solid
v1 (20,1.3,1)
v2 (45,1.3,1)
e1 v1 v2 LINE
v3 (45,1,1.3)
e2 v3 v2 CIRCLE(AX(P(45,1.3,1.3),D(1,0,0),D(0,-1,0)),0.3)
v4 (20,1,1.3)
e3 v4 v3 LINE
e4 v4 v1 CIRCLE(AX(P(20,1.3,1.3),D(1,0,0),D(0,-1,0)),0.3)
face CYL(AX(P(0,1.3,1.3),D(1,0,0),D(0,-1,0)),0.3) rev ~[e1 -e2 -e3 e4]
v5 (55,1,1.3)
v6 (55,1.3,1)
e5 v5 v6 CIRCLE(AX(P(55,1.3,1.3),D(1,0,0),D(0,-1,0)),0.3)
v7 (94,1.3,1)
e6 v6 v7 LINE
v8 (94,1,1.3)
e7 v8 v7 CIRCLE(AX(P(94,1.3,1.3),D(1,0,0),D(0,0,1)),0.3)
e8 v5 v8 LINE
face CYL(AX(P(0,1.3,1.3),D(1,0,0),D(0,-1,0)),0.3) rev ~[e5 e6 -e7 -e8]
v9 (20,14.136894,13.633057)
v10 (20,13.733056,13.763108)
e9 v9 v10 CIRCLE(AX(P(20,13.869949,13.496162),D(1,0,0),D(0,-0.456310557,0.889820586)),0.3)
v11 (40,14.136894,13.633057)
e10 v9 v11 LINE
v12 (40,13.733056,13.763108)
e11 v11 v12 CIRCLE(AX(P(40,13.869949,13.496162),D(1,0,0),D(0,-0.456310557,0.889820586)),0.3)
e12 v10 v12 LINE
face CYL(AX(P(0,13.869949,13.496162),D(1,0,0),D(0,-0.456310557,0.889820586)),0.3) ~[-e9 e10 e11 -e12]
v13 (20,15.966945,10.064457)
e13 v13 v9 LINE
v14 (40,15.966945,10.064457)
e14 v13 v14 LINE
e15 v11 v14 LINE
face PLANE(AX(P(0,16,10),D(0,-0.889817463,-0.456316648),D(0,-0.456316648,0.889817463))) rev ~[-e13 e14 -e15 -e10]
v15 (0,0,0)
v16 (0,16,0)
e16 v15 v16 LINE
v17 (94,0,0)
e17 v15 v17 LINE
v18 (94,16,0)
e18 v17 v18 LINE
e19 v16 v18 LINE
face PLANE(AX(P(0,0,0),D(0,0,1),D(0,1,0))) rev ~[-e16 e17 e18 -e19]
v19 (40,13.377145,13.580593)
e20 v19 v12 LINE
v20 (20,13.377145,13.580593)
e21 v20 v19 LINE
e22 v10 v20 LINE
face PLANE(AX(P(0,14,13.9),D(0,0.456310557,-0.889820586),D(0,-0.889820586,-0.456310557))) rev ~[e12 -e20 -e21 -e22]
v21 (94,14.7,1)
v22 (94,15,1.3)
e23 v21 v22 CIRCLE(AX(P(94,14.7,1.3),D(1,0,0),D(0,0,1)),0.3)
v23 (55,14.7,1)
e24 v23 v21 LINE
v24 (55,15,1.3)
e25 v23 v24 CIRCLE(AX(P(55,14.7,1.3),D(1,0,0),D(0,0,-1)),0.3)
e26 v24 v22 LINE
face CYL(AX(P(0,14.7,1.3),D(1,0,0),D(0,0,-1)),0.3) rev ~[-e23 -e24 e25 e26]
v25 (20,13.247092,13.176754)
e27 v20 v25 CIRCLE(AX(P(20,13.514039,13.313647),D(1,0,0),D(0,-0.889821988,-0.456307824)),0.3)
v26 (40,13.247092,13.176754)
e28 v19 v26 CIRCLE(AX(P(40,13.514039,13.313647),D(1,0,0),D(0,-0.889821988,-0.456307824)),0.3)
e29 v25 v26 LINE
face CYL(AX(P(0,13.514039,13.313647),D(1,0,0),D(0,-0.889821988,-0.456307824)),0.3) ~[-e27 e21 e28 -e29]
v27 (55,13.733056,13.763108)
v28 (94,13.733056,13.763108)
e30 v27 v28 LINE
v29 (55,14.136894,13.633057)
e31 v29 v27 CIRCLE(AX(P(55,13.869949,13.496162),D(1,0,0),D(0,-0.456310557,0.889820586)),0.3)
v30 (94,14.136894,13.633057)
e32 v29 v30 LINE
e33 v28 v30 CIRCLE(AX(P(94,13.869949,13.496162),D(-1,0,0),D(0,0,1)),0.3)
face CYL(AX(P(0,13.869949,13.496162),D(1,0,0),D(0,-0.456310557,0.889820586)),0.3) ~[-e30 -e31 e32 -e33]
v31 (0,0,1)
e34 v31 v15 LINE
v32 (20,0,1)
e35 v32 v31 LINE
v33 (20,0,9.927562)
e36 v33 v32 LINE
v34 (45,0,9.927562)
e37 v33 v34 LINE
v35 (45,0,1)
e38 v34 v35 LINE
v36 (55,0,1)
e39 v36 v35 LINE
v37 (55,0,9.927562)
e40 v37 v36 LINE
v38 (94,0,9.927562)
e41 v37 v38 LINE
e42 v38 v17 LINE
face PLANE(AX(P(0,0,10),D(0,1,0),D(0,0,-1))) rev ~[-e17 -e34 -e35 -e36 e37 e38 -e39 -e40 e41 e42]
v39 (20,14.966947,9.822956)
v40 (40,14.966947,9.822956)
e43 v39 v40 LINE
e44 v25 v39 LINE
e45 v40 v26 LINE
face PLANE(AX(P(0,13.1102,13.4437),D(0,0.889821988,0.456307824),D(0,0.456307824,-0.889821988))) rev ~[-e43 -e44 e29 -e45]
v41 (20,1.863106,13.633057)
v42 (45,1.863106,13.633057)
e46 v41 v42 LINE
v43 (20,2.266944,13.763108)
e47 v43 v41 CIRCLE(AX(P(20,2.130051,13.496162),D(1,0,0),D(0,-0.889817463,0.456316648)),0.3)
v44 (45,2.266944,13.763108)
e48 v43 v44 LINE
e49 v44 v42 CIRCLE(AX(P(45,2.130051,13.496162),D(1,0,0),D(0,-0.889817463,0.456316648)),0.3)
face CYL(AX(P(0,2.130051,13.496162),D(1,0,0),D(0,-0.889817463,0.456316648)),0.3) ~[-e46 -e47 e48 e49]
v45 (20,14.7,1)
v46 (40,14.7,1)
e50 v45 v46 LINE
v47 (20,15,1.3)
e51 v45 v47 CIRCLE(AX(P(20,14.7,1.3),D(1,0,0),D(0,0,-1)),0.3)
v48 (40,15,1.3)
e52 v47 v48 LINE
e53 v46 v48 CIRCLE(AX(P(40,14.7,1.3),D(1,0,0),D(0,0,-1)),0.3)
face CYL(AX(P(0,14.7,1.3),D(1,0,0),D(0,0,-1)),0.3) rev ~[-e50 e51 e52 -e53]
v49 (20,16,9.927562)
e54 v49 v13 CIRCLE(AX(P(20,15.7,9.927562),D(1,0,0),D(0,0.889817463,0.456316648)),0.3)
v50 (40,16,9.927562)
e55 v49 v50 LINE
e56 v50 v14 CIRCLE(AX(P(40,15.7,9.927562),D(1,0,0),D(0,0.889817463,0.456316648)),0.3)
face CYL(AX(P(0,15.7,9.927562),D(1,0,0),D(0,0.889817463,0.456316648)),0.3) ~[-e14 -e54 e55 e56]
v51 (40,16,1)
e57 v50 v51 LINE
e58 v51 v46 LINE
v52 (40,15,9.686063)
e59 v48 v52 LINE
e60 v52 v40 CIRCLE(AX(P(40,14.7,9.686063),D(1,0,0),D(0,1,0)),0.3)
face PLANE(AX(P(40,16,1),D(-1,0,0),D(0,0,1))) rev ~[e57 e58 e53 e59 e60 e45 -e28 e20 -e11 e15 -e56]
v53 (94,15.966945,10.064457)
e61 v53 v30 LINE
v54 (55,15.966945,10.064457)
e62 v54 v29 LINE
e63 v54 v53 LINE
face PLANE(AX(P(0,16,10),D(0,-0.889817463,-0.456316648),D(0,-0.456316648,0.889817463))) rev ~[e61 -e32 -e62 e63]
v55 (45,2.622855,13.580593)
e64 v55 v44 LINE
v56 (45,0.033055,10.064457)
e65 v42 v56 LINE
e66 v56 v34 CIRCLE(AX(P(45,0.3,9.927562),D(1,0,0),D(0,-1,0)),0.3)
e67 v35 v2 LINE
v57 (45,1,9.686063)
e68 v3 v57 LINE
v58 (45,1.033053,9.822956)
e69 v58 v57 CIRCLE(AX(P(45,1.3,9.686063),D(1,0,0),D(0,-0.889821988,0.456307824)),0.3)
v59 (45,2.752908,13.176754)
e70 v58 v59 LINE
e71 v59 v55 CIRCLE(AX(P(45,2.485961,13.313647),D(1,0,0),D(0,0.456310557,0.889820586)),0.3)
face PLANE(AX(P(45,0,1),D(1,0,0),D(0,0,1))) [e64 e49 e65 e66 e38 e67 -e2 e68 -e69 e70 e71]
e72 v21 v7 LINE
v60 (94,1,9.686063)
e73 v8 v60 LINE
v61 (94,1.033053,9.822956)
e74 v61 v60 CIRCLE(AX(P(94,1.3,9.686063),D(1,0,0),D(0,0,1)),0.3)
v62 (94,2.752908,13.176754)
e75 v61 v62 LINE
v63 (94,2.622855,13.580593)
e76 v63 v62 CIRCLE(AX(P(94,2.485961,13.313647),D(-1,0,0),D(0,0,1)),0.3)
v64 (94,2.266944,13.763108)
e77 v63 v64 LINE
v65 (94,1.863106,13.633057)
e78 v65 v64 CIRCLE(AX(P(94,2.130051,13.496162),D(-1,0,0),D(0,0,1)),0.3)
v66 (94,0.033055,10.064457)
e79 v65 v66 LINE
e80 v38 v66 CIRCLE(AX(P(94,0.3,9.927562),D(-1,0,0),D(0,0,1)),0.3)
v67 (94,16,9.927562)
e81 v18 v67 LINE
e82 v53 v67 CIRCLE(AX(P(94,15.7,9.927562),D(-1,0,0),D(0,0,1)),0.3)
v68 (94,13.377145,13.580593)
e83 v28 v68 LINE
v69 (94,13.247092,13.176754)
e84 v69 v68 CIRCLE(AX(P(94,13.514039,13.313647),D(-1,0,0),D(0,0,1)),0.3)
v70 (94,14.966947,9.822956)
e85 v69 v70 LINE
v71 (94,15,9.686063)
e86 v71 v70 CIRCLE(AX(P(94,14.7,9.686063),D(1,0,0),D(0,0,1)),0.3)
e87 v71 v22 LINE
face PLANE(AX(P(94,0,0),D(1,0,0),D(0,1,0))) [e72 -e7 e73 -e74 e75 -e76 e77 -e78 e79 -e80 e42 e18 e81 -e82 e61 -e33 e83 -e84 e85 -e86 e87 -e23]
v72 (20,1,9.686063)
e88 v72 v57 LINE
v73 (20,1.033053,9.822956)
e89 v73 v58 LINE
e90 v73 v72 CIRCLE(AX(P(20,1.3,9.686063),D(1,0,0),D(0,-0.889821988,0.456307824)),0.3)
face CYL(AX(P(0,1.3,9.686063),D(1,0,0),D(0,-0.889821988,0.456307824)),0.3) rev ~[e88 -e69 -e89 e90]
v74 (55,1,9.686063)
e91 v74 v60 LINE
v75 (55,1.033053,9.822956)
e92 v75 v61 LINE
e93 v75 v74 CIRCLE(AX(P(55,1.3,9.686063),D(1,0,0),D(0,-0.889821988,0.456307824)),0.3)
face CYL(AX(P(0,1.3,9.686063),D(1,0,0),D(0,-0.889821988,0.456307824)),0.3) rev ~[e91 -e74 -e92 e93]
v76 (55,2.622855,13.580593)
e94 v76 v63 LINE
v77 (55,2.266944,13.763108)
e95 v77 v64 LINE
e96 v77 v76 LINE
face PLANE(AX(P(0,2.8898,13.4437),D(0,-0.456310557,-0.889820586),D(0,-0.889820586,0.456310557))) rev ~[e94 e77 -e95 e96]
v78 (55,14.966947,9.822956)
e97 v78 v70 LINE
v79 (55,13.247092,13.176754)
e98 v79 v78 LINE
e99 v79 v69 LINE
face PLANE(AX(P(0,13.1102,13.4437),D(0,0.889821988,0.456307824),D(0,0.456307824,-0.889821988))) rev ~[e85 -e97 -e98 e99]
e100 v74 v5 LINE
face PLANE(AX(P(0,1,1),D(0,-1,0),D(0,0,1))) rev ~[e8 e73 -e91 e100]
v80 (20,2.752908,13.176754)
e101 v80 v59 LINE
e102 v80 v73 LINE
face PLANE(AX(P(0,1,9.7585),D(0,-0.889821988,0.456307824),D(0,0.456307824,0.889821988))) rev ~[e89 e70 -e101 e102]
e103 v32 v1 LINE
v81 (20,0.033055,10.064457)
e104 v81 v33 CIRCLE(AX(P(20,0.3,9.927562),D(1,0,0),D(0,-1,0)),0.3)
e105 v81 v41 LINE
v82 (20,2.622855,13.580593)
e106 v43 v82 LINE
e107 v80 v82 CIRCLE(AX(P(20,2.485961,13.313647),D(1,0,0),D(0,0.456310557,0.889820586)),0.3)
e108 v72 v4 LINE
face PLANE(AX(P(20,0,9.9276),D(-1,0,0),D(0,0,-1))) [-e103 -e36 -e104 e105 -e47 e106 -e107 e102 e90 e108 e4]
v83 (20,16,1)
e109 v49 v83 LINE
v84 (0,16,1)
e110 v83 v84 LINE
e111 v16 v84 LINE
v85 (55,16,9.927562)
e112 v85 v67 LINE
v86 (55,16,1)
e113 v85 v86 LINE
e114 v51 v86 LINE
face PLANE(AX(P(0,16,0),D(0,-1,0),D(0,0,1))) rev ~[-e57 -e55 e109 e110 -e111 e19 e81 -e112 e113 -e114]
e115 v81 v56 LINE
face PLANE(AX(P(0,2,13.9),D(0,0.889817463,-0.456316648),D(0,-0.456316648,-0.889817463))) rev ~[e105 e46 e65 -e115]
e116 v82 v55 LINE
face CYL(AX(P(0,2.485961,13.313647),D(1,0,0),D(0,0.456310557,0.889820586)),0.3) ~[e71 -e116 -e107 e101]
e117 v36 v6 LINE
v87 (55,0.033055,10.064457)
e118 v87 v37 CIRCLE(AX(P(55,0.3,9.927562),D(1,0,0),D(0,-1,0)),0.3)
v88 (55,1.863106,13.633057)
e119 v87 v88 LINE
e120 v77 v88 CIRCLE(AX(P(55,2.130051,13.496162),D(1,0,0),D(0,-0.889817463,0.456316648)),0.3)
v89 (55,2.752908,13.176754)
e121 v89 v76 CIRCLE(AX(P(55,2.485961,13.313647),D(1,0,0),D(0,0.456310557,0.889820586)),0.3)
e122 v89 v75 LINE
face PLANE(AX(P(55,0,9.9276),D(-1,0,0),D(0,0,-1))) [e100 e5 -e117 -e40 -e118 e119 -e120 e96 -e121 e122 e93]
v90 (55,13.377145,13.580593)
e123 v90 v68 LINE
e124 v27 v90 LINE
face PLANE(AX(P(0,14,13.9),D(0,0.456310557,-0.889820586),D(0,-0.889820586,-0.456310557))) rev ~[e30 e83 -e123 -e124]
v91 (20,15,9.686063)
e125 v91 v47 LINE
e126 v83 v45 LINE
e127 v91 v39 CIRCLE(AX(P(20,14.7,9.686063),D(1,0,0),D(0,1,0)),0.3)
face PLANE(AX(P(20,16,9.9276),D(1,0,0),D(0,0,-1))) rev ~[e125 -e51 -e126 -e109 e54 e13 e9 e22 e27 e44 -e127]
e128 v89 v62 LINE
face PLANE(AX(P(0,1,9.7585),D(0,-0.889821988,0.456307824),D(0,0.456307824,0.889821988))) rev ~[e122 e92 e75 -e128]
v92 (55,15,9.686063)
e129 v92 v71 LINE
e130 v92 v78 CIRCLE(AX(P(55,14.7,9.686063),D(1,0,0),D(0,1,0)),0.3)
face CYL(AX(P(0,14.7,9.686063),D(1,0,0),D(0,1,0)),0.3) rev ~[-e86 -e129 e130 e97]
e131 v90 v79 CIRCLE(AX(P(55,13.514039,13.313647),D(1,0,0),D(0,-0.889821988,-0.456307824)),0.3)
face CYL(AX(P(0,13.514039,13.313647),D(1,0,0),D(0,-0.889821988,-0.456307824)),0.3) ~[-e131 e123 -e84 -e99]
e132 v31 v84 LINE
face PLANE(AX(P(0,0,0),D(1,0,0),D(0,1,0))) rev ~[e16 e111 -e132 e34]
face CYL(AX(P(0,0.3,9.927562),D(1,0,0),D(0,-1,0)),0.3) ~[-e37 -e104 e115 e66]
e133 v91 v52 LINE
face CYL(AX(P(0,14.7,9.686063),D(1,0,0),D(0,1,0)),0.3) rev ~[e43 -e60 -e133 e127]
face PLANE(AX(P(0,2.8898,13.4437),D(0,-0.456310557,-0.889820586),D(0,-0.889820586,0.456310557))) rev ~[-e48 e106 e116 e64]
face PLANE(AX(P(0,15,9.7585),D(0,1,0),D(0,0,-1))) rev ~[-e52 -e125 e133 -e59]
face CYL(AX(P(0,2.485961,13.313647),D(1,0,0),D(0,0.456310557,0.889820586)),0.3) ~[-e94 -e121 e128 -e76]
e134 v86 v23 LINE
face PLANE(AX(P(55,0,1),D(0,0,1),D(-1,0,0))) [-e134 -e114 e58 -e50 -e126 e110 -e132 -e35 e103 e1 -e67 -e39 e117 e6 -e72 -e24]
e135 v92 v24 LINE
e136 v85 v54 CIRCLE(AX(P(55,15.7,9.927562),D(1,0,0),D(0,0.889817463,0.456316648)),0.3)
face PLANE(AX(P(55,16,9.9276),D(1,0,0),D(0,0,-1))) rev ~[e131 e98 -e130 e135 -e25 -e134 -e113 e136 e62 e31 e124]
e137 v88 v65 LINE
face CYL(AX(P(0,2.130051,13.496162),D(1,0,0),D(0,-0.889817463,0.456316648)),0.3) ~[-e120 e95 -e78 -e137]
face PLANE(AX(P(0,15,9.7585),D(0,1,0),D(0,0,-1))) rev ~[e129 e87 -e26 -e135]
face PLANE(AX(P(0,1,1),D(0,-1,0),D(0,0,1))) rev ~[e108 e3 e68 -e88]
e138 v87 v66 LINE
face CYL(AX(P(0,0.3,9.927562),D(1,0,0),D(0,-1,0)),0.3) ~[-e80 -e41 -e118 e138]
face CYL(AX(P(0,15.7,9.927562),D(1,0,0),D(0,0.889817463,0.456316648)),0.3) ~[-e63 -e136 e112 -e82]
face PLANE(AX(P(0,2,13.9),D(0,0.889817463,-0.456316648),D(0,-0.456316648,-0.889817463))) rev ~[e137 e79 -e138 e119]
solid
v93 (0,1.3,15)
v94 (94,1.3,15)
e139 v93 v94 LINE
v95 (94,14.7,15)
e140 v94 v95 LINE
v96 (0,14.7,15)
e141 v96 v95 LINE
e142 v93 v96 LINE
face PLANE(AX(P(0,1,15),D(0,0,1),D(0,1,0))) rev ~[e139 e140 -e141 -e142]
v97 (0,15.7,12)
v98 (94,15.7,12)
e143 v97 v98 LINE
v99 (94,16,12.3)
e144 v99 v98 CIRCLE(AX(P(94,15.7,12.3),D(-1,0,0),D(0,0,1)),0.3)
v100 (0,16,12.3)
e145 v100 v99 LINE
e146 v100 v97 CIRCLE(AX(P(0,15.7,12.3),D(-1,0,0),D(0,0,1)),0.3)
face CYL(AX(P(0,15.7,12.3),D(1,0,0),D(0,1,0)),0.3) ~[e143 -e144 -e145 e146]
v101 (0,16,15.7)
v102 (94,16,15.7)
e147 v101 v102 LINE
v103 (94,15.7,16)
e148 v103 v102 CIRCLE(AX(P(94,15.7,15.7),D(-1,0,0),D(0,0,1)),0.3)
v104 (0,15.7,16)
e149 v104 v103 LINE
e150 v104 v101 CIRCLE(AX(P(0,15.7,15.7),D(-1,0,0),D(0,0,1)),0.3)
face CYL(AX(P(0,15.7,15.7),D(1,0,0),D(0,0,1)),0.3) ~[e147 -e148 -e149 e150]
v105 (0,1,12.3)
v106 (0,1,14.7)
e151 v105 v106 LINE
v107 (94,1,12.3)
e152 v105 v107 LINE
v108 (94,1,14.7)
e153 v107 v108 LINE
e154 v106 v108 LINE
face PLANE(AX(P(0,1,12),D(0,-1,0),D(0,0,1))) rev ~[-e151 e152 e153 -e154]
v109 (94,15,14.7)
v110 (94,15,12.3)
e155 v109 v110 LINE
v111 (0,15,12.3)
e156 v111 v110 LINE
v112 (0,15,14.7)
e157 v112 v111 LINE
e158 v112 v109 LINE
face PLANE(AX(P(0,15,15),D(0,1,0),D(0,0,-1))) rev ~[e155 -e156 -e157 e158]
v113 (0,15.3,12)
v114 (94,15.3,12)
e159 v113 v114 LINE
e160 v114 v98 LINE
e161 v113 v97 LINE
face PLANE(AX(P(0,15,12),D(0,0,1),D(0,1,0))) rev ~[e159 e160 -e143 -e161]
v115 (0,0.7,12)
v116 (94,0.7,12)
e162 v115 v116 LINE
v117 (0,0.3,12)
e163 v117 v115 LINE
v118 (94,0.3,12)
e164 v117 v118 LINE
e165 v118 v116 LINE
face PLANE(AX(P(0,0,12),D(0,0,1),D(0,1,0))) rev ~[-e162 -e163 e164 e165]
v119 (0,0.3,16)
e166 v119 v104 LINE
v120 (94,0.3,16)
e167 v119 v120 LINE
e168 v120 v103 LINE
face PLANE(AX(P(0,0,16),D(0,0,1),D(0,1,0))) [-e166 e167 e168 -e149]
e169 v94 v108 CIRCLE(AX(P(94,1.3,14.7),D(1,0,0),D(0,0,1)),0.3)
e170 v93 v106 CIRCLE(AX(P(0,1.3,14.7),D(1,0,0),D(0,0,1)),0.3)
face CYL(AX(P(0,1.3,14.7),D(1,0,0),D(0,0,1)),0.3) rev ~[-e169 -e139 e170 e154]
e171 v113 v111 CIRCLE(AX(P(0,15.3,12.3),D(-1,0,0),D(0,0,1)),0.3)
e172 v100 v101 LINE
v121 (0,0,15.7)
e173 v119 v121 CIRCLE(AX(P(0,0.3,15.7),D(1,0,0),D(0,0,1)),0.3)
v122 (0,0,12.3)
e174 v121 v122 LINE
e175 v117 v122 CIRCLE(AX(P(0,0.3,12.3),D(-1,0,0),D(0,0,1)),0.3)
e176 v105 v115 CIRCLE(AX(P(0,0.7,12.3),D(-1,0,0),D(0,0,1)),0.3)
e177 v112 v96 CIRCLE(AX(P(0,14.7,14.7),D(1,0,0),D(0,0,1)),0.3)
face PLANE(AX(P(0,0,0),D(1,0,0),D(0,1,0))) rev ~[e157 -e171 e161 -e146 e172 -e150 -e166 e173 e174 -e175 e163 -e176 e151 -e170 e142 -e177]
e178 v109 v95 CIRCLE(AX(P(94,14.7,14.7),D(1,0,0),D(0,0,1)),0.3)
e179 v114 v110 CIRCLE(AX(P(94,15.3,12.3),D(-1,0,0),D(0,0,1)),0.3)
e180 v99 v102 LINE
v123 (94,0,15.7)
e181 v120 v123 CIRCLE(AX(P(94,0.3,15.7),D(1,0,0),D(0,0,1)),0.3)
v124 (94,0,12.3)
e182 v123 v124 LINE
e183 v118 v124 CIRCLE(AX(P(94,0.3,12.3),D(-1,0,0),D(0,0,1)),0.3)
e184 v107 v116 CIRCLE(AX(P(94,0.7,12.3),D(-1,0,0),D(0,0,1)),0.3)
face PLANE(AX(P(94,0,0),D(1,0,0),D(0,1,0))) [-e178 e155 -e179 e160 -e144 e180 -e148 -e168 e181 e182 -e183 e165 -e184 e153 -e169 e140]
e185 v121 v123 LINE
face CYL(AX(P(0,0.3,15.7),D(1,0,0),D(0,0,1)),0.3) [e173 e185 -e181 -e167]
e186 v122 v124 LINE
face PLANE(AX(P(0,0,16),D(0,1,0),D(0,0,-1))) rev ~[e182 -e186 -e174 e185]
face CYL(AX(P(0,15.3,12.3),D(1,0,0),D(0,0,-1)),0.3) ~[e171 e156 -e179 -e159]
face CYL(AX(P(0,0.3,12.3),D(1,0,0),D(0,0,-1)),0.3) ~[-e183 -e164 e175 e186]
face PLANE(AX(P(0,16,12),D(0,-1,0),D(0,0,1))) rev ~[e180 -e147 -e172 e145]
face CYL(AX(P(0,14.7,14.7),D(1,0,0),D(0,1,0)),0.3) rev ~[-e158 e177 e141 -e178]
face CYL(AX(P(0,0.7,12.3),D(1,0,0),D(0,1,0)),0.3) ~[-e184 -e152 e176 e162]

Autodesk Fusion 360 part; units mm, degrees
sketch "16 mm x 16 mm conduit piping shape" plane through (0, 0, 0) normal (1, 0, 0) x (0, 1, 0)
  line L0 (0, 0) -> (16, 0)
  line L1 (16, 0) -> (16, 10)
  line L2 (16, 10) -> (14, 13.9)
  line L3 (14, 13.9) -> (13.1102, 13.4437)
  line L4 (13.1102, 13.4437) -> (15, 9.7585)
  line L5 (15, 9.7585) -> (15, 1)
  line L6 (15, 1) -> (1, 1)
  line L7 (1, 1) -> (1, 9.7585)
  line L8 (1, 9.7585) -> (2.8898, 13.4437)
  line L9 (2.8898, 13.4437) -> (2, 13.9)
  line L10 (2, 13.9) -> (0, 10)
  line L11 (0, 10) -> (0, 0)
  line L12 (0, 16) -> (16, 16)
  line L13 (0, 16) -> (0, 12)
  line L14 (0, 12) -> (1, 12)
  line L15 (1, 12) -> (1, 15)
  line L16 (1, 15) -> (15, 15)
  line L17 (15, 15) -> (15, 12)
  line L18 (15, 12) -> (16, 12)
  line L19 (16, 12) -> (16, 16)
  dimension "d1" = 1
  dimension "d2" = 16
  dimension "d3" = 1
  dimension "d4" = 1
  dimension "d7" = 10
  dimension "d8" = 10
  dimension "d9" = 16
  dimension "d10" = 1
  dimension "d11" = 1
  dimension "d12" = 1
  dimension "d13" = 4
  dimension "d14" = 4
  dimension "d15" = 16
  dimension "d16" = 2
  dimension "d17" = 2
  dimension "d18" = 1
  dimension "d19" = 1
extrude "Extrude1" add sketch "16 mm x 16 mm conduit piping shape" along normal blind 94 makes body 1 at (31.3333, 5.3333, 16) makes body 2 at (31.3333, 5.3333, 0)
fillet "Fillet1" radius 0.3 18 edges at (47, 0, 16) (47, 16, 16) (47, 16, 12) (47, 0, 12) (47, 1, 12) (47, 15, 12) (47, 1, 15) (47, 15, 15) (47, 0, 10) (47, 16, 10) (47, 14, 13.9) (47, 13.1102, 13.4437) (47, 2, 13.9) (47, 2.8898, 13.4437) (47, 15, 1) (47, 1, 1) (47, 1, 9.7585) (47, 15, 9.7585) on bodies 1 2
sketch "Sketch2" plane through (0, 0, 0) normal (0, -1, 0) x (1, 0, 0)
  line L0 (94, 9.9276) -> (0, 9.9276)
  line L1 (0, 9.9276) -> (0, 0)
  line L2 (0, 0) -> (94, 0)
  line L3 (94, 0) -> (94, 9.9276)
  line L4 (0, 15) -> (20, 15)
  line L5 (20, 15) -> (20, 1)
  line L6 (20, 1) -> (0, 1)
  line L7 (0, 1) -> (0, 15)
  line L8 (45, 15) -> (55, 15)
  line L9 (55, 15) -> (55, 1)
  line L10 (55, 1) -> (45, 1)
  line L11 (45, 1) -> (45, 15)
  dimension "d25" = 20
  dimension "d26" = 1
  dimension "d27" = 25
  dimension "d28" = 10
  dimension "d29" = 1
extrude "Extrude2" cut sketch "Sketch2" against normal blind 3 contours L0 L9 L10 L11 | L0 L8 L9 L11 | L0 L1 L5 L6 L7 | L0 L4 L5 L7 bodies 2
sketch "Sketch3" plane through (0, 16, 0) normal (0, 1, 0) x (-1, 0, 0)
  line L0 (0, 9.9276) -> (-94, 9.9276)
  line L1 (-94, 9.9276) -> (-94, 0)
  line L2 (-94, 0) -> (0, 0)
  line L3 (0, 0) -> (0, 9.9276)
  line L4 (0, 15) -> (-20, 15)
  line L5 (-20, 15) -> (-20, 1)
  line L6 (-20, 1) -> (0, 1)
  line L7 (0, 1) -> (0, 15)
  dimension "d32" = 20
  dimension "d33" = 1
extrude "Extrude3" cut sketch "Sketch3" against normal blind 3 contours L0 L3 L5 L6 L7 | L0 L4 L5 L7 bodies 2
sketch "Sketch4" plane through (0, 16, 0) normal (0, 1, 0) x (-1, 0, 0)
  line L0 (-20, 1) -> (-20, 9.9276)
  line L1 (-20, 9.9276) -> (-94, 9.9276)
  line L2 (-94, 9.9276) -> (-94, 0)
  line L3 (-94, 0) -> (0, 0)
  line L4 (0, 0) -> (0, 1)
  line L5 (0, 1) -> (-20, 1)
  line L6 (-45, 1) -> (-45, 15)
  line L7 (-45, 15) -> (-55, 15)
  line L8 (-55, 15) -> (-55, 1)
  line L9 (-55, 1) -> (-45, 1)
  line L10 (-55, 1) -> (-40, 1)
  line L11 (-40, 1) -> (-40, 15)
  line L12 (-40, 15) -> (-55, 15)
  line L13 (-55, 15) -> (-55, 1)
  dimension "d36" = 15
extrude "Extrude4" cut sketch "Sketch4" against normal blind 3 contours L1 L6 L10 L11 | L1 L6 L11 L12 | L1 L6 L8 L9 L10 L13 | L1 L6 L7 L8 L12 L13 bodies 2
equation "d1 = conduitThickness"
equation "d2 = conduitWidth"
equation "d3 = conduitThickness"
equation "d4 = conduitThickness"
equation "conduitThickness = 1 mm" comment "Thickness of the PVC conduit piping"
equation "conduitWidth = 16 mm" comment "Size of the outer dimensions of the conduit piping"
equation "d9 = conduitWidth"
equation "d10 = conduitThickness"
equation "d11 = conduitThickness"
equation "d12 = conduitThickness"
